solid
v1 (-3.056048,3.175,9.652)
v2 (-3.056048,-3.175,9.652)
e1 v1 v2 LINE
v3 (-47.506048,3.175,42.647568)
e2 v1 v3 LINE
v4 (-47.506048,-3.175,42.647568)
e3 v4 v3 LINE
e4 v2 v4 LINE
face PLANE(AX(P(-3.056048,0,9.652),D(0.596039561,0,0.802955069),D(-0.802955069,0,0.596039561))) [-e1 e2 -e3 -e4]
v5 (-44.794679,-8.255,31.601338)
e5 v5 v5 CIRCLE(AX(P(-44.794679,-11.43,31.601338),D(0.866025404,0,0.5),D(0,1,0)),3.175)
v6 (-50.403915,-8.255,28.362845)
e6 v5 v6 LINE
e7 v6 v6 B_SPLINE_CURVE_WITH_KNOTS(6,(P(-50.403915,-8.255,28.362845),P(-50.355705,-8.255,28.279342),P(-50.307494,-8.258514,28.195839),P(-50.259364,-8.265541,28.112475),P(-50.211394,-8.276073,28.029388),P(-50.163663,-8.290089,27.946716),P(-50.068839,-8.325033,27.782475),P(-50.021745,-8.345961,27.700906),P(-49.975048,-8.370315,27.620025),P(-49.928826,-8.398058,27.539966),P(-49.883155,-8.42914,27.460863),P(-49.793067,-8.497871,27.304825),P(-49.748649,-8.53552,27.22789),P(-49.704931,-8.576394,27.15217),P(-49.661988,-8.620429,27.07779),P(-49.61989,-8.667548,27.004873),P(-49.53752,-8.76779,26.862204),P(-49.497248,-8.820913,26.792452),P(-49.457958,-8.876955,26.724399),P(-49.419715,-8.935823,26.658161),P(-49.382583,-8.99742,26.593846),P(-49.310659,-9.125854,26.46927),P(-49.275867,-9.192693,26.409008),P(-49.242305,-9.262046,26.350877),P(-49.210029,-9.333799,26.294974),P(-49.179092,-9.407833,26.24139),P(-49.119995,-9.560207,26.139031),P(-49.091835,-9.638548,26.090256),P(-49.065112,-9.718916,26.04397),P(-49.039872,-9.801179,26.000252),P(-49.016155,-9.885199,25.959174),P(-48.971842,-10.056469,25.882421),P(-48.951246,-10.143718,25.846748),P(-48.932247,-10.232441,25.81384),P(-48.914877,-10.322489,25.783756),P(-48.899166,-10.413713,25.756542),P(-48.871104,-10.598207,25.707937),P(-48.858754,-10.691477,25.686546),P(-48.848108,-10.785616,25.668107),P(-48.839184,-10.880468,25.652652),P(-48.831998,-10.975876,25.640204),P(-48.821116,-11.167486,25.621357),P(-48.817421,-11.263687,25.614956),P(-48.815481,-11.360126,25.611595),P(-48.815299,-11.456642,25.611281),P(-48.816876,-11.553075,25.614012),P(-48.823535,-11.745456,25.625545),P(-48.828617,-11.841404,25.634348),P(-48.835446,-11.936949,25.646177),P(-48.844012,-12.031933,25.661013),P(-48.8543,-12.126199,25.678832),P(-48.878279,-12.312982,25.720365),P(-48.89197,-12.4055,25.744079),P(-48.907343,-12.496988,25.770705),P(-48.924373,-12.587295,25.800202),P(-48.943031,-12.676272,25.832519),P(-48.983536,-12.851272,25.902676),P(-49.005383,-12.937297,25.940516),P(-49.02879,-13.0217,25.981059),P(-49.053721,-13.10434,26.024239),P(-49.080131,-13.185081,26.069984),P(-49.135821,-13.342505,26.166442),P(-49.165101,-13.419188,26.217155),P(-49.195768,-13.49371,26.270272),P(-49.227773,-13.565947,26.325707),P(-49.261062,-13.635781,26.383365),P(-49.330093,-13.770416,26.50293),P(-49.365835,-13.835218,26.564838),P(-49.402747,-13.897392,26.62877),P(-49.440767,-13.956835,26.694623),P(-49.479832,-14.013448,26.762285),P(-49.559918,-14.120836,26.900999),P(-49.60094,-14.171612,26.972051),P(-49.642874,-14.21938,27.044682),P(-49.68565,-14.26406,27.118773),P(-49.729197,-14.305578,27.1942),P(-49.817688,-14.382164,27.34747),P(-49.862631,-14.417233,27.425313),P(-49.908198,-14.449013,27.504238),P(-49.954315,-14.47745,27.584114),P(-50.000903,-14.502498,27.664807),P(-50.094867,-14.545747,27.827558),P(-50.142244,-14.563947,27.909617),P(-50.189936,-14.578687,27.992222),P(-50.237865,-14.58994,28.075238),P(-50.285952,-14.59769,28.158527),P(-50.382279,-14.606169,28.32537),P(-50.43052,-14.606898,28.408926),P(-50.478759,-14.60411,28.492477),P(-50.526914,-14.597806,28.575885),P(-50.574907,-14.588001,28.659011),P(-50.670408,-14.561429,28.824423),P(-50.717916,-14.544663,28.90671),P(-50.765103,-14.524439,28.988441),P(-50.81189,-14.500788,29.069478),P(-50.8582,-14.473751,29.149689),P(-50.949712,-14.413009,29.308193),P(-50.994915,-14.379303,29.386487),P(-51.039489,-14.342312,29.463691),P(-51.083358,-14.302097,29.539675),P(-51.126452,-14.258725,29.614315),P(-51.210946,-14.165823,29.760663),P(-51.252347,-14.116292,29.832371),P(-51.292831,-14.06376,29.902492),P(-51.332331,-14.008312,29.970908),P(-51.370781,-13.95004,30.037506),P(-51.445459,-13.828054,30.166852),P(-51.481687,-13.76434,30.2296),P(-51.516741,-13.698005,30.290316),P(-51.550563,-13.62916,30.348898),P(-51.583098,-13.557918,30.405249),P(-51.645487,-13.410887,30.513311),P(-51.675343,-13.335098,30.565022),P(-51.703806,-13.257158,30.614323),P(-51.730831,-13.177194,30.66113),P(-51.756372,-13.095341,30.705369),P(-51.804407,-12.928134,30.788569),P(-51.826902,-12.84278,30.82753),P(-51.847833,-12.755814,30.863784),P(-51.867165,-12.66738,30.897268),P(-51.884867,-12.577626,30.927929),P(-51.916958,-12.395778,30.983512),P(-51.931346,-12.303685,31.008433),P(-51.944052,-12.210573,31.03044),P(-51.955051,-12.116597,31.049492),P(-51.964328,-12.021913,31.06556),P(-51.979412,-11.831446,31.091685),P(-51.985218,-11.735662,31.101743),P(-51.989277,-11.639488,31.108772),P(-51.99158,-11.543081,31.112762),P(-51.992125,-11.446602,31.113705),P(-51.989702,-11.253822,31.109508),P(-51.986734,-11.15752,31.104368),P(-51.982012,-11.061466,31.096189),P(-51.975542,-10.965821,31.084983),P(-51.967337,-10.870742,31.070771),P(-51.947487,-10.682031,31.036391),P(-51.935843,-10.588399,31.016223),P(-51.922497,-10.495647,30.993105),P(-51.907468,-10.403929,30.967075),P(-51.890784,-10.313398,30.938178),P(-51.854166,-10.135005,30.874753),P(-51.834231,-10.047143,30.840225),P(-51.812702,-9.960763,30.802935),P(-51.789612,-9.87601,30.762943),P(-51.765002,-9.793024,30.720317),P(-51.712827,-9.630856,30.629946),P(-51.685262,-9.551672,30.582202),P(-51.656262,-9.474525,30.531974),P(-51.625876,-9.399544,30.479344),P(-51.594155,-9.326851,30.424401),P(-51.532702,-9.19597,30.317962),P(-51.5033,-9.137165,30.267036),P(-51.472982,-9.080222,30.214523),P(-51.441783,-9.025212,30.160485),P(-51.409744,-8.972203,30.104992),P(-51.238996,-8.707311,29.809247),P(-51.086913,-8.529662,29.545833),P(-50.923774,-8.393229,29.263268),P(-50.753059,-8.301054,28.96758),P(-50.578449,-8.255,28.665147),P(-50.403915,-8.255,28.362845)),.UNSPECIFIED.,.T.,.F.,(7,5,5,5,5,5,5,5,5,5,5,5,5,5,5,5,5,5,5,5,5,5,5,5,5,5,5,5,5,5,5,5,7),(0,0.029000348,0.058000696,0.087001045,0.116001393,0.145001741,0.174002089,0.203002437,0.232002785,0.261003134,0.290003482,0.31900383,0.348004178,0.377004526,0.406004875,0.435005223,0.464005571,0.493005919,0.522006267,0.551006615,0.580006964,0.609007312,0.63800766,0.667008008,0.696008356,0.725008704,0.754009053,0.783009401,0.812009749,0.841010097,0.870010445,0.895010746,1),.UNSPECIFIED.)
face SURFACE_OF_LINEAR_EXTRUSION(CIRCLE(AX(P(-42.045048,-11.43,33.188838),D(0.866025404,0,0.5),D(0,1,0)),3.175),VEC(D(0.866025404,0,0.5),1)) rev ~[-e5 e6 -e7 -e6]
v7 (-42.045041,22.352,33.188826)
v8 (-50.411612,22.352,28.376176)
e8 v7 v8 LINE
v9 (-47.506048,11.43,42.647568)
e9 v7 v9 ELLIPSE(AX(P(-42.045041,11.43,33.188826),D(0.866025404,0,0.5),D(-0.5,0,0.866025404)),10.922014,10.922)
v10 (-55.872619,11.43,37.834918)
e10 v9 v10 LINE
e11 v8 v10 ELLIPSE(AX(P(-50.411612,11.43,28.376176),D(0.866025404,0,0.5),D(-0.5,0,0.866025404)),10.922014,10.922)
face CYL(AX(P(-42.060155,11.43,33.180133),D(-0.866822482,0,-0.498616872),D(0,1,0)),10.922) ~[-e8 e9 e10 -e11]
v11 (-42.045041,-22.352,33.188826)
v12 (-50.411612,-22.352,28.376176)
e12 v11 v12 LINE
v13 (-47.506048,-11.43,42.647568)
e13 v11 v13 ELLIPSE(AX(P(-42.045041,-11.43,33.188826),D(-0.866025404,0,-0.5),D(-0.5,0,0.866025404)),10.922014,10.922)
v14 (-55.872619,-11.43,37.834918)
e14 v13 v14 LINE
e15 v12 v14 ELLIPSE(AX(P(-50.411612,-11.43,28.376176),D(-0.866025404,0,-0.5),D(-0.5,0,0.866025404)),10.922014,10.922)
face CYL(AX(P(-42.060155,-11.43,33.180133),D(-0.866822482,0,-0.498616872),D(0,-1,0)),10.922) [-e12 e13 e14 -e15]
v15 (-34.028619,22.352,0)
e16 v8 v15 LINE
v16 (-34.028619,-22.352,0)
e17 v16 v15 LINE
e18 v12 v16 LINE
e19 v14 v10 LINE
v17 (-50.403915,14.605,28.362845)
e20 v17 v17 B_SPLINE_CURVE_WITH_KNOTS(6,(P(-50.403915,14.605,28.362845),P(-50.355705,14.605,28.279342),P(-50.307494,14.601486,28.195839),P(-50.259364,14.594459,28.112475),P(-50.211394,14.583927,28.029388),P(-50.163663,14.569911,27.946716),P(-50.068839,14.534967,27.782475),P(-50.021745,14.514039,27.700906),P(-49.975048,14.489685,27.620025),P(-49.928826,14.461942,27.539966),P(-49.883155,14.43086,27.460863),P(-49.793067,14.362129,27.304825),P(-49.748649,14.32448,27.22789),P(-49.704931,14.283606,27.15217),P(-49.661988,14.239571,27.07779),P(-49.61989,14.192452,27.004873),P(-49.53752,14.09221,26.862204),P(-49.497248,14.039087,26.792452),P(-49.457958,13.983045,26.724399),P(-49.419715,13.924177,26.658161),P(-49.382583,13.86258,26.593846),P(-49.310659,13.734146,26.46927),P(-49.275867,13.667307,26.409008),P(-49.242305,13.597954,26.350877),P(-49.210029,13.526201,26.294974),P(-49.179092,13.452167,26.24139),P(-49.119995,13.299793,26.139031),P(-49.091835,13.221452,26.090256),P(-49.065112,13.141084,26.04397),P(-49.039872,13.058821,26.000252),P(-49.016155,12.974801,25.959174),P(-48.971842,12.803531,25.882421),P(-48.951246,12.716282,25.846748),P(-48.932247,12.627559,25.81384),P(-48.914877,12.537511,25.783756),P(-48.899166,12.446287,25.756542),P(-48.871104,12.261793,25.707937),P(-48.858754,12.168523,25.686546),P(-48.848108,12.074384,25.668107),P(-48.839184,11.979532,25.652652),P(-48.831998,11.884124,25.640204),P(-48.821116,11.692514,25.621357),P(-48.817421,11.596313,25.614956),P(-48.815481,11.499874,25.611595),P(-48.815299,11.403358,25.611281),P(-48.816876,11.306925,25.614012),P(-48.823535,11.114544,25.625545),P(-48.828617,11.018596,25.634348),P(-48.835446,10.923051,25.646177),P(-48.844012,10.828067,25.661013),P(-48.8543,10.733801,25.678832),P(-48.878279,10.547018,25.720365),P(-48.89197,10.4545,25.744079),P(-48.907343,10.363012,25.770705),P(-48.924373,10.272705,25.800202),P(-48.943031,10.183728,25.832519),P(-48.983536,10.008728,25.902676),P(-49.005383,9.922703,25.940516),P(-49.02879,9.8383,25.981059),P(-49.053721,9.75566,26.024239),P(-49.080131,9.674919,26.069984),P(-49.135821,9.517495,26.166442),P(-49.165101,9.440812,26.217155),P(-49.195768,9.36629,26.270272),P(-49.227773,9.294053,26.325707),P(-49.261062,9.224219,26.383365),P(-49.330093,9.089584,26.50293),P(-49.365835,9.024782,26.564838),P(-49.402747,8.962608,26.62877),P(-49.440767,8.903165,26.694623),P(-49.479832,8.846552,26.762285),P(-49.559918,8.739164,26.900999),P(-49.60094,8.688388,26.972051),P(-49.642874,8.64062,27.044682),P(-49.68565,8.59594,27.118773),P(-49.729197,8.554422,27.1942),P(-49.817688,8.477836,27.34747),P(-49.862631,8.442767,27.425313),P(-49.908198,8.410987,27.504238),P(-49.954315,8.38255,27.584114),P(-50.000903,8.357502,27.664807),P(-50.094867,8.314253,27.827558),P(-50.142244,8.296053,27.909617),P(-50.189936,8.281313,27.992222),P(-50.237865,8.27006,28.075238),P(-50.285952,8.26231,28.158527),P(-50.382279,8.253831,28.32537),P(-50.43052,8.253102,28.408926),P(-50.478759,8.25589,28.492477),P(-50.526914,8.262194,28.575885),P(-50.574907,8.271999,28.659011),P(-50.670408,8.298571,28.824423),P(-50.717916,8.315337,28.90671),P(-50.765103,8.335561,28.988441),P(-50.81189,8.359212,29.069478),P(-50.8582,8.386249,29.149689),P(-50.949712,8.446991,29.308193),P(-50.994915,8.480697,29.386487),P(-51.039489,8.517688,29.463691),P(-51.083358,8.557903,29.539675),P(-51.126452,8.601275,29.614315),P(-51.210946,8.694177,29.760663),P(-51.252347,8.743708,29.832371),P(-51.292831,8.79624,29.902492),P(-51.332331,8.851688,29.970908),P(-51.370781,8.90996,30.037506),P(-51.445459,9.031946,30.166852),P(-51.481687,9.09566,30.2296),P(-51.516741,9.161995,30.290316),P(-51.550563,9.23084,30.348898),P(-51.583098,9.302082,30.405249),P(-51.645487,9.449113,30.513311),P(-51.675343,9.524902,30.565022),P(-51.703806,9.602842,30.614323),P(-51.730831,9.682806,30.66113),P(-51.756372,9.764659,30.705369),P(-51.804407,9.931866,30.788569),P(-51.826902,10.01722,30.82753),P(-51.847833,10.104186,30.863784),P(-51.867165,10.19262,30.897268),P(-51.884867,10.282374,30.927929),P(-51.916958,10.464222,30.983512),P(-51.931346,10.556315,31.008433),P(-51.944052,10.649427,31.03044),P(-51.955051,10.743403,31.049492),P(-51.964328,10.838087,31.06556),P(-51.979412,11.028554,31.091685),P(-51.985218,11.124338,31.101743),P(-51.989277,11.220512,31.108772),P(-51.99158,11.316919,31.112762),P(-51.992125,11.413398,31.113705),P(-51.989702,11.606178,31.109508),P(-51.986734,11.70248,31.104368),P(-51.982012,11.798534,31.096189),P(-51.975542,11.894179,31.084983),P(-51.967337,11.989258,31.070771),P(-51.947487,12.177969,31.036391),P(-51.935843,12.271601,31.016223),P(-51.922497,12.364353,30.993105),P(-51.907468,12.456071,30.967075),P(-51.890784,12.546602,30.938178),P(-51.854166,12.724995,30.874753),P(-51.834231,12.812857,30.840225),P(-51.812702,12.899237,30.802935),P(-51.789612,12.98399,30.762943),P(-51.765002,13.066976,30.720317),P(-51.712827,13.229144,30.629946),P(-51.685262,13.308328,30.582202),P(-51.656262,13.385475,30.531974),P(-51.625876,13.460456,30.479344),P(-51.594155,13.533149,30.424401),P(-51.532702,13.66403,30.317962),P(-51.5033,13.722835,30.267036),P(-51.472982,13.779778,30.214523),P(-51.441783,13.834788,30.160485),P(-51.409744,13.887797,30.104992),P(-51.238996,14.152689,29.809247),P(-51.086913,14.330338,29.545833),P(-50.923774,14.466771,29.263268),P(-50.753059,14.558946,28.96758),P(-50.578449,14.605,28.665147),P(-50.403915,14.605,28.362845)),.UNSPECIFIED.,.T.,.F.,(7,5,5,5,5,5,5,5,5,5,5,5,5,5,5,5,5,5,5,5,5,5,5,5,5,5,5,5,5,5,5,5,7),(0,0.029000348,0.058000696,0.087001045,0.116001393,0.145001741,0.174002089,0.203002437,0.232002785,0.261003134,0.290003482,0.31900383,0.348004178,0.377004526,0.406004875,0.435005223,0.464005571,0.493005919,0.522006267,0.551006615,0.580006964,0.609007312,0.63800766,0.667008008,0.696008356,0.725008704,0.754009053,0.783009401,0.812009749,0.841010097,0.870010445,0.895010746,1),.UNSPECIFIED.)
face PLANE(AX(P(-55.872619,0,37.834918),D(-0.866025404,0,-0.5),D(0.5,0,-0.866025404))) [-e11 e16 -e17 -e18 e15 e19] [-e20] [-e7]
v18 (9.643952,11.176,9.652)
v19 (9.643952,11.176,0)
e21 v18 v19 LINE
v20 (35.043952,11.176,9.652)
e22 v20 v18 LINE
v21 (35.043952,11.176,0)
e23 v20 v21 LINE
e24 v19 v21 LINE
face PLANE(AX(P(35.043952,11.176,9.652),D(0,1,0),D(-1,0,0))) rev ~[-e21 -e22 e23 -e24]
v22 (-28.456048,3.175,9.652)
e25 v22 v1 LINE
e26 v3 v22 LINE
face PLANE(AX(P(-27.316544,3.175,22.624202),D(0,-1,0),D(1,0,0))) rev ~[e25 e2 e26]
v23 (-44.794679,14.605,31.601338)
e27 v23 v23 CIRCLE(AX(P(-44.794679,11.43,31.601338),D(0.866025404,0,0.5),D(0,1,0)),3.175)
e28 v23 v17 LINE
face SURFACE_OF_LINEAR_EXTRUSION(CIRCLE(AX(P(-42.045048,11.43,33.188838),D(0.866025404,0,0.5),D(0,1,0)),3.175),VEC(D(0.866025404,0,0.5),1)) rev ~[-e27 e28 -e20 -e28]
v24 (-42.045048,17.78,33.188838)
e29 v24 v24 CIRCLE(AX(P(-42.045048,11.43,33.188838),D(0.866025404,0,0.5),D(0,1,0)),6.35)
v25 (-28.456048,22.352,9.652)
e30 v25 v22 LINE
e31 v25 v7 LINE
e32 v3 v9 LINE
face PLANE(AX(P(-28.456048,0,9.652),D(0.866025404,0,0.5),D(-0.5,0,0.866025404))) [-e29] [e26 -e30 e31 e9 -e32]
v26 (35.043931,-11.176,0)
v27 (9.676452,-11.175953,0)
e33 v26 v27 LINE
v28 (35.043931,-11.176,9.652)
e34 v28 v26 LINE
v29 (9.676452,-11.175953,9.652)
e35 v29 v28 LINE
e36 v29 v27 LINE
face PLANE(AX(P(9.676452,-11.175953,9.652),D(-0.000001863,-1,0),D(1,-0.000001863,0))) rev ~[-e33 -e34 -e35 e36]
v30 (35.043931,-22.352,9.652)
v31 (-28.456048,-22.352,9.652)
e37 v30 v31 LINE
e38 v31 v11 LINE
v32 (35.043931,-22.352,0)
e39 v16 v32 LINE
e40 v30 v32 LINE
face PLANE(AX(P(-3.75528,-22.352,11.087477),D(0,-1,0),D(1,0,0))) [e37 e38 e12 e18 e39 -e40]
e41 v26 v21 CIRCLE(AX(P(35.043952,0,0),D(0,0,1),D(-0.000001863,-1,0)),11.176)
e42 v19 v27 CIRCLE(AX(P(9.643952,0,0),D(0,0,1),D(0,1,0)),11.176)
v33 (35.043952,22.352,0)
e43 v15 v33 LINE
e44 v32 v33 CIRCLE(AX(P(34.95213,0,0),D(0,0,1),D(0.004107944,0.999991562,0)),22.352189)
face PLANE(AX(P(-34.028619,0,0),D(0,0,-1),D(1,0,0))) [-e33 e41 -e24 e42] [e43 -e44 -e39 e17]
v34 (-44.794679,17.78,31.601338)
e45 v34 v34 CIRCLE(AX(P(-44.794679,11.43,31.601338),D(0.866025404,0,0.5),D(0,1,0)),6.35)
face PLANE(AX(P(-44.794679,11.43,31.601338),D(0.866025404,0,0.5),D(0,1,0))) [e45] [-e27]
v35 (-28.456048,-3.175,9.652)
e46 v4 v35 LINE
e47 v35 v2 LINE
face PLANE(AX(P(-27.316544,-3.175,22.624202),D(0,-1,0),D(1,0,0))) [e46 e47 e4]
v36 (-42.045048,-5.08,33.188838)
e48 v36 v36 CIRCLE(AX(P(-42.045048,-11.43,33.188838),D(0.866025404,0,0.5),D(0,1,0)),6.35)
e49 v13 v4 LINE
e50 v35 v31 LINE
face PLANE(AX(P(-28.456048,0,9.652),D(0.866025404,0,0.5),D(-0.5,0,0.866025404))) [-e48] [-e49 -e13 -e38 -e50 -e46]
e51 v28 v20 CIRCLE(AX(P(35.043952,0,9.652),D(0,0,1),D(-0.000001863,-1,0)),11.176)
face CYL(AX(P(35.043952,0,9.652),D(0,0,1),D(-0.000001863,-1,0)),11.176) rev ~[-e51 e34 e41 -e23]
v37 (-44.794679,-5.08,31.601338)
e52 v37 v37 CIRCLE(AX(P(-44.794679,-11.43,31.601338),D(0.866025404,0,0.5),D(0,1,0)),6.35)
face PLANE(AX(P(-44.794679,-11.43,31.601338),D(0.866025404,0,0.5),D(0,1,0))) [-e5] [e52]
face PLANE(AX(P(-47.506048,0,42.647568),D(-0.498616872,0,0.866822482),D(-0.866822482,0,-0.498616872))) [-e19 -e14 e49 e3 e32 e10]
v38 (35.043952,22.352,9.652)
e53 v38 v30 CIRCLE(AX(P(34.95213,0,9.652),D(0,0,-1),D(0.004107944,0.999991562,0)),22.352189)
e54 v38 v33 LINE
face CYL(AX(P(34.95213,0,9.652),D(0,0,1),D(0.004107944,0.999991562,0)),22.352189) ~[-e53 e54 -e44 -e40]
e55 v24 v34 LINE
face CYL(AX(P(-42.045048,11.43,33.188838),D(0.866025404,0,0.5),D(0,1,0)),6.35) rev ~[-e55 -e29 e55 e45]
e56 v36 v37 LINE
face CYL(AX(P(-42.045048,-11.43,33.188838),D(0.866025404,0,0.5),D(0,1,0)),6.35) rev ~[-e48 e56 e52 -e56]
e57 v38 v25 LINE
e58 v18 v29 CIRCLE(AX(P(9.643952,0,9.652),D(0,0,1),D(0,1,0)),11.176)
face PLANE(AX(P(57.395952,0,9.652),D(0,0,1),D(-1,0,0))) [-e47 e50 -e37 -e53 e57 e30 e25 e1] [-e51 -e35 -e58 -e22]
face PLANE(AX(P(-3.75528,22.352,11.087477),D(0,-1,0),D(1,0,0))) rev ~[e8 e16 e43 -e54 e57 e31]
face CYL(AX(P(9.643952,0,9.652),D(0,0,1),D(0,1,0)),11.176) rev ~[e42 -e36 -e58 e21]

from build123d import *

# Parameters (mm, degrees)
F1_DEPTH = 22.352
F2_DEPTH = 3.175
F4_DEPTH = 25.4
F5_R     = 6.35
F5_R_2   = 3.175
F6_DEPTH = 3.175
F7_DEPTH = 25.4
F8_R     = 10.922


with BuildPart() as f1:
    # F0 (on Front) → F1 (new body, symmetric)
    with BuildSketch(Plane.XZ):
        Polygon((-34.0286190226, 0), (57.3959515745, 0), (57.3959515745, 9.652), (-3.0560484255, 9.652), (-28.4560484255, 9.652), (-47.5060484255, 42.6475678842), (-55.8726190226, 37.8349178405), align=None)
    extrude(amount=F1_DEPTH, both=True)

    # F0 (on Front) → F2 (join, symmetric)
    with BuildSketch(Plane.XZ):
        Polygon((-28.4560484255, 9.652), (-3.0560484255, 9.652), (-47.5060484255, 42.6475678842), align=None)
    extrude(amount=F2_DEPTH, both=True)

    # F3 (on face) → F4 (cut)
    with BuildSketch(Plane.XY.offset(9.652)):
        with BuildLine():
            ThreePointArc((35.0439515745, 22.352), (57.3043185829, -1.03671e-05), (35.043930755, -22.352))
            Line((35.043930755, -22.352), (57.3959515745, -22.352))
            Line((57.3959515745, -22.352), (57.3959515745, 22.352))
            Line((57.3959515745, 22.352), (35.0439515745, 22.352))
        make_face()
        with BuildLine():
            Line((35.0439515745, 11.176), (9.6439515745, 11.176))
            ThreePointArc((9.6439515745, 11.176), (-1.5320366113, -0.0162502311), (9.6764520023, -11.1759527434))
            Line((9.6764520023, -11.1759527434), (35.043930755, -11.176))
            ThreePointArc((35.043930755, -11.176), (46.2199515745, -1.04098e-05), (35.0439515745, 11.176))
        make_face()
    extrude(amount=-F4_DEPTH, mode=Mode.SUBTRACT)

    # F5 (on face) → F6 (cut)
    with BuildSketch(Plane(origin=(-17.1625977204, 0, -9.9088304139), x_dir=(0, 1, 0), z_dir=(0.8660254038, 0, 0.5))):
        with Locations((11.43, 49.7649014101)):
            Circle(F5_R)
        with Locations((11.43, 49.7649014101)):
            Circle(F5_R_2, mode=Mode.SUBTRACT)
        with Locations((-11.43, 49.7649014101)):
            Circle(F5_R)
        with Locations((-11.43, 49.7649014101)):
            Circle(F5_R_2, mode=Mode.SUBTRACT)
    extrude(amount=-F6_DEPTH, mode=Mode.SUBTRACT)

    # F7 (cut): faces of the model
    f7_faces = [f1.faces().sort_by_distance(p)[0] for p in [
        (-42.0450484255, -11.43, 33.1888384241),
        (-42.0450484255, 11.43, 33.1888384241),
    ]]
    extrude(f7_faces, amount=-F7_DEPTH, mode=Mode.SUBTRACT)

    # F8
    f8_edges = [f1.edges().sort_by_distance(p)[0] for p in [
        (-51.689334, -22.352, 40.241243),
        (-51.689334, 22.352, 40.241243),
    ]]
    fillet(f8_edges, radius=F8_R)


solid = f1.part
